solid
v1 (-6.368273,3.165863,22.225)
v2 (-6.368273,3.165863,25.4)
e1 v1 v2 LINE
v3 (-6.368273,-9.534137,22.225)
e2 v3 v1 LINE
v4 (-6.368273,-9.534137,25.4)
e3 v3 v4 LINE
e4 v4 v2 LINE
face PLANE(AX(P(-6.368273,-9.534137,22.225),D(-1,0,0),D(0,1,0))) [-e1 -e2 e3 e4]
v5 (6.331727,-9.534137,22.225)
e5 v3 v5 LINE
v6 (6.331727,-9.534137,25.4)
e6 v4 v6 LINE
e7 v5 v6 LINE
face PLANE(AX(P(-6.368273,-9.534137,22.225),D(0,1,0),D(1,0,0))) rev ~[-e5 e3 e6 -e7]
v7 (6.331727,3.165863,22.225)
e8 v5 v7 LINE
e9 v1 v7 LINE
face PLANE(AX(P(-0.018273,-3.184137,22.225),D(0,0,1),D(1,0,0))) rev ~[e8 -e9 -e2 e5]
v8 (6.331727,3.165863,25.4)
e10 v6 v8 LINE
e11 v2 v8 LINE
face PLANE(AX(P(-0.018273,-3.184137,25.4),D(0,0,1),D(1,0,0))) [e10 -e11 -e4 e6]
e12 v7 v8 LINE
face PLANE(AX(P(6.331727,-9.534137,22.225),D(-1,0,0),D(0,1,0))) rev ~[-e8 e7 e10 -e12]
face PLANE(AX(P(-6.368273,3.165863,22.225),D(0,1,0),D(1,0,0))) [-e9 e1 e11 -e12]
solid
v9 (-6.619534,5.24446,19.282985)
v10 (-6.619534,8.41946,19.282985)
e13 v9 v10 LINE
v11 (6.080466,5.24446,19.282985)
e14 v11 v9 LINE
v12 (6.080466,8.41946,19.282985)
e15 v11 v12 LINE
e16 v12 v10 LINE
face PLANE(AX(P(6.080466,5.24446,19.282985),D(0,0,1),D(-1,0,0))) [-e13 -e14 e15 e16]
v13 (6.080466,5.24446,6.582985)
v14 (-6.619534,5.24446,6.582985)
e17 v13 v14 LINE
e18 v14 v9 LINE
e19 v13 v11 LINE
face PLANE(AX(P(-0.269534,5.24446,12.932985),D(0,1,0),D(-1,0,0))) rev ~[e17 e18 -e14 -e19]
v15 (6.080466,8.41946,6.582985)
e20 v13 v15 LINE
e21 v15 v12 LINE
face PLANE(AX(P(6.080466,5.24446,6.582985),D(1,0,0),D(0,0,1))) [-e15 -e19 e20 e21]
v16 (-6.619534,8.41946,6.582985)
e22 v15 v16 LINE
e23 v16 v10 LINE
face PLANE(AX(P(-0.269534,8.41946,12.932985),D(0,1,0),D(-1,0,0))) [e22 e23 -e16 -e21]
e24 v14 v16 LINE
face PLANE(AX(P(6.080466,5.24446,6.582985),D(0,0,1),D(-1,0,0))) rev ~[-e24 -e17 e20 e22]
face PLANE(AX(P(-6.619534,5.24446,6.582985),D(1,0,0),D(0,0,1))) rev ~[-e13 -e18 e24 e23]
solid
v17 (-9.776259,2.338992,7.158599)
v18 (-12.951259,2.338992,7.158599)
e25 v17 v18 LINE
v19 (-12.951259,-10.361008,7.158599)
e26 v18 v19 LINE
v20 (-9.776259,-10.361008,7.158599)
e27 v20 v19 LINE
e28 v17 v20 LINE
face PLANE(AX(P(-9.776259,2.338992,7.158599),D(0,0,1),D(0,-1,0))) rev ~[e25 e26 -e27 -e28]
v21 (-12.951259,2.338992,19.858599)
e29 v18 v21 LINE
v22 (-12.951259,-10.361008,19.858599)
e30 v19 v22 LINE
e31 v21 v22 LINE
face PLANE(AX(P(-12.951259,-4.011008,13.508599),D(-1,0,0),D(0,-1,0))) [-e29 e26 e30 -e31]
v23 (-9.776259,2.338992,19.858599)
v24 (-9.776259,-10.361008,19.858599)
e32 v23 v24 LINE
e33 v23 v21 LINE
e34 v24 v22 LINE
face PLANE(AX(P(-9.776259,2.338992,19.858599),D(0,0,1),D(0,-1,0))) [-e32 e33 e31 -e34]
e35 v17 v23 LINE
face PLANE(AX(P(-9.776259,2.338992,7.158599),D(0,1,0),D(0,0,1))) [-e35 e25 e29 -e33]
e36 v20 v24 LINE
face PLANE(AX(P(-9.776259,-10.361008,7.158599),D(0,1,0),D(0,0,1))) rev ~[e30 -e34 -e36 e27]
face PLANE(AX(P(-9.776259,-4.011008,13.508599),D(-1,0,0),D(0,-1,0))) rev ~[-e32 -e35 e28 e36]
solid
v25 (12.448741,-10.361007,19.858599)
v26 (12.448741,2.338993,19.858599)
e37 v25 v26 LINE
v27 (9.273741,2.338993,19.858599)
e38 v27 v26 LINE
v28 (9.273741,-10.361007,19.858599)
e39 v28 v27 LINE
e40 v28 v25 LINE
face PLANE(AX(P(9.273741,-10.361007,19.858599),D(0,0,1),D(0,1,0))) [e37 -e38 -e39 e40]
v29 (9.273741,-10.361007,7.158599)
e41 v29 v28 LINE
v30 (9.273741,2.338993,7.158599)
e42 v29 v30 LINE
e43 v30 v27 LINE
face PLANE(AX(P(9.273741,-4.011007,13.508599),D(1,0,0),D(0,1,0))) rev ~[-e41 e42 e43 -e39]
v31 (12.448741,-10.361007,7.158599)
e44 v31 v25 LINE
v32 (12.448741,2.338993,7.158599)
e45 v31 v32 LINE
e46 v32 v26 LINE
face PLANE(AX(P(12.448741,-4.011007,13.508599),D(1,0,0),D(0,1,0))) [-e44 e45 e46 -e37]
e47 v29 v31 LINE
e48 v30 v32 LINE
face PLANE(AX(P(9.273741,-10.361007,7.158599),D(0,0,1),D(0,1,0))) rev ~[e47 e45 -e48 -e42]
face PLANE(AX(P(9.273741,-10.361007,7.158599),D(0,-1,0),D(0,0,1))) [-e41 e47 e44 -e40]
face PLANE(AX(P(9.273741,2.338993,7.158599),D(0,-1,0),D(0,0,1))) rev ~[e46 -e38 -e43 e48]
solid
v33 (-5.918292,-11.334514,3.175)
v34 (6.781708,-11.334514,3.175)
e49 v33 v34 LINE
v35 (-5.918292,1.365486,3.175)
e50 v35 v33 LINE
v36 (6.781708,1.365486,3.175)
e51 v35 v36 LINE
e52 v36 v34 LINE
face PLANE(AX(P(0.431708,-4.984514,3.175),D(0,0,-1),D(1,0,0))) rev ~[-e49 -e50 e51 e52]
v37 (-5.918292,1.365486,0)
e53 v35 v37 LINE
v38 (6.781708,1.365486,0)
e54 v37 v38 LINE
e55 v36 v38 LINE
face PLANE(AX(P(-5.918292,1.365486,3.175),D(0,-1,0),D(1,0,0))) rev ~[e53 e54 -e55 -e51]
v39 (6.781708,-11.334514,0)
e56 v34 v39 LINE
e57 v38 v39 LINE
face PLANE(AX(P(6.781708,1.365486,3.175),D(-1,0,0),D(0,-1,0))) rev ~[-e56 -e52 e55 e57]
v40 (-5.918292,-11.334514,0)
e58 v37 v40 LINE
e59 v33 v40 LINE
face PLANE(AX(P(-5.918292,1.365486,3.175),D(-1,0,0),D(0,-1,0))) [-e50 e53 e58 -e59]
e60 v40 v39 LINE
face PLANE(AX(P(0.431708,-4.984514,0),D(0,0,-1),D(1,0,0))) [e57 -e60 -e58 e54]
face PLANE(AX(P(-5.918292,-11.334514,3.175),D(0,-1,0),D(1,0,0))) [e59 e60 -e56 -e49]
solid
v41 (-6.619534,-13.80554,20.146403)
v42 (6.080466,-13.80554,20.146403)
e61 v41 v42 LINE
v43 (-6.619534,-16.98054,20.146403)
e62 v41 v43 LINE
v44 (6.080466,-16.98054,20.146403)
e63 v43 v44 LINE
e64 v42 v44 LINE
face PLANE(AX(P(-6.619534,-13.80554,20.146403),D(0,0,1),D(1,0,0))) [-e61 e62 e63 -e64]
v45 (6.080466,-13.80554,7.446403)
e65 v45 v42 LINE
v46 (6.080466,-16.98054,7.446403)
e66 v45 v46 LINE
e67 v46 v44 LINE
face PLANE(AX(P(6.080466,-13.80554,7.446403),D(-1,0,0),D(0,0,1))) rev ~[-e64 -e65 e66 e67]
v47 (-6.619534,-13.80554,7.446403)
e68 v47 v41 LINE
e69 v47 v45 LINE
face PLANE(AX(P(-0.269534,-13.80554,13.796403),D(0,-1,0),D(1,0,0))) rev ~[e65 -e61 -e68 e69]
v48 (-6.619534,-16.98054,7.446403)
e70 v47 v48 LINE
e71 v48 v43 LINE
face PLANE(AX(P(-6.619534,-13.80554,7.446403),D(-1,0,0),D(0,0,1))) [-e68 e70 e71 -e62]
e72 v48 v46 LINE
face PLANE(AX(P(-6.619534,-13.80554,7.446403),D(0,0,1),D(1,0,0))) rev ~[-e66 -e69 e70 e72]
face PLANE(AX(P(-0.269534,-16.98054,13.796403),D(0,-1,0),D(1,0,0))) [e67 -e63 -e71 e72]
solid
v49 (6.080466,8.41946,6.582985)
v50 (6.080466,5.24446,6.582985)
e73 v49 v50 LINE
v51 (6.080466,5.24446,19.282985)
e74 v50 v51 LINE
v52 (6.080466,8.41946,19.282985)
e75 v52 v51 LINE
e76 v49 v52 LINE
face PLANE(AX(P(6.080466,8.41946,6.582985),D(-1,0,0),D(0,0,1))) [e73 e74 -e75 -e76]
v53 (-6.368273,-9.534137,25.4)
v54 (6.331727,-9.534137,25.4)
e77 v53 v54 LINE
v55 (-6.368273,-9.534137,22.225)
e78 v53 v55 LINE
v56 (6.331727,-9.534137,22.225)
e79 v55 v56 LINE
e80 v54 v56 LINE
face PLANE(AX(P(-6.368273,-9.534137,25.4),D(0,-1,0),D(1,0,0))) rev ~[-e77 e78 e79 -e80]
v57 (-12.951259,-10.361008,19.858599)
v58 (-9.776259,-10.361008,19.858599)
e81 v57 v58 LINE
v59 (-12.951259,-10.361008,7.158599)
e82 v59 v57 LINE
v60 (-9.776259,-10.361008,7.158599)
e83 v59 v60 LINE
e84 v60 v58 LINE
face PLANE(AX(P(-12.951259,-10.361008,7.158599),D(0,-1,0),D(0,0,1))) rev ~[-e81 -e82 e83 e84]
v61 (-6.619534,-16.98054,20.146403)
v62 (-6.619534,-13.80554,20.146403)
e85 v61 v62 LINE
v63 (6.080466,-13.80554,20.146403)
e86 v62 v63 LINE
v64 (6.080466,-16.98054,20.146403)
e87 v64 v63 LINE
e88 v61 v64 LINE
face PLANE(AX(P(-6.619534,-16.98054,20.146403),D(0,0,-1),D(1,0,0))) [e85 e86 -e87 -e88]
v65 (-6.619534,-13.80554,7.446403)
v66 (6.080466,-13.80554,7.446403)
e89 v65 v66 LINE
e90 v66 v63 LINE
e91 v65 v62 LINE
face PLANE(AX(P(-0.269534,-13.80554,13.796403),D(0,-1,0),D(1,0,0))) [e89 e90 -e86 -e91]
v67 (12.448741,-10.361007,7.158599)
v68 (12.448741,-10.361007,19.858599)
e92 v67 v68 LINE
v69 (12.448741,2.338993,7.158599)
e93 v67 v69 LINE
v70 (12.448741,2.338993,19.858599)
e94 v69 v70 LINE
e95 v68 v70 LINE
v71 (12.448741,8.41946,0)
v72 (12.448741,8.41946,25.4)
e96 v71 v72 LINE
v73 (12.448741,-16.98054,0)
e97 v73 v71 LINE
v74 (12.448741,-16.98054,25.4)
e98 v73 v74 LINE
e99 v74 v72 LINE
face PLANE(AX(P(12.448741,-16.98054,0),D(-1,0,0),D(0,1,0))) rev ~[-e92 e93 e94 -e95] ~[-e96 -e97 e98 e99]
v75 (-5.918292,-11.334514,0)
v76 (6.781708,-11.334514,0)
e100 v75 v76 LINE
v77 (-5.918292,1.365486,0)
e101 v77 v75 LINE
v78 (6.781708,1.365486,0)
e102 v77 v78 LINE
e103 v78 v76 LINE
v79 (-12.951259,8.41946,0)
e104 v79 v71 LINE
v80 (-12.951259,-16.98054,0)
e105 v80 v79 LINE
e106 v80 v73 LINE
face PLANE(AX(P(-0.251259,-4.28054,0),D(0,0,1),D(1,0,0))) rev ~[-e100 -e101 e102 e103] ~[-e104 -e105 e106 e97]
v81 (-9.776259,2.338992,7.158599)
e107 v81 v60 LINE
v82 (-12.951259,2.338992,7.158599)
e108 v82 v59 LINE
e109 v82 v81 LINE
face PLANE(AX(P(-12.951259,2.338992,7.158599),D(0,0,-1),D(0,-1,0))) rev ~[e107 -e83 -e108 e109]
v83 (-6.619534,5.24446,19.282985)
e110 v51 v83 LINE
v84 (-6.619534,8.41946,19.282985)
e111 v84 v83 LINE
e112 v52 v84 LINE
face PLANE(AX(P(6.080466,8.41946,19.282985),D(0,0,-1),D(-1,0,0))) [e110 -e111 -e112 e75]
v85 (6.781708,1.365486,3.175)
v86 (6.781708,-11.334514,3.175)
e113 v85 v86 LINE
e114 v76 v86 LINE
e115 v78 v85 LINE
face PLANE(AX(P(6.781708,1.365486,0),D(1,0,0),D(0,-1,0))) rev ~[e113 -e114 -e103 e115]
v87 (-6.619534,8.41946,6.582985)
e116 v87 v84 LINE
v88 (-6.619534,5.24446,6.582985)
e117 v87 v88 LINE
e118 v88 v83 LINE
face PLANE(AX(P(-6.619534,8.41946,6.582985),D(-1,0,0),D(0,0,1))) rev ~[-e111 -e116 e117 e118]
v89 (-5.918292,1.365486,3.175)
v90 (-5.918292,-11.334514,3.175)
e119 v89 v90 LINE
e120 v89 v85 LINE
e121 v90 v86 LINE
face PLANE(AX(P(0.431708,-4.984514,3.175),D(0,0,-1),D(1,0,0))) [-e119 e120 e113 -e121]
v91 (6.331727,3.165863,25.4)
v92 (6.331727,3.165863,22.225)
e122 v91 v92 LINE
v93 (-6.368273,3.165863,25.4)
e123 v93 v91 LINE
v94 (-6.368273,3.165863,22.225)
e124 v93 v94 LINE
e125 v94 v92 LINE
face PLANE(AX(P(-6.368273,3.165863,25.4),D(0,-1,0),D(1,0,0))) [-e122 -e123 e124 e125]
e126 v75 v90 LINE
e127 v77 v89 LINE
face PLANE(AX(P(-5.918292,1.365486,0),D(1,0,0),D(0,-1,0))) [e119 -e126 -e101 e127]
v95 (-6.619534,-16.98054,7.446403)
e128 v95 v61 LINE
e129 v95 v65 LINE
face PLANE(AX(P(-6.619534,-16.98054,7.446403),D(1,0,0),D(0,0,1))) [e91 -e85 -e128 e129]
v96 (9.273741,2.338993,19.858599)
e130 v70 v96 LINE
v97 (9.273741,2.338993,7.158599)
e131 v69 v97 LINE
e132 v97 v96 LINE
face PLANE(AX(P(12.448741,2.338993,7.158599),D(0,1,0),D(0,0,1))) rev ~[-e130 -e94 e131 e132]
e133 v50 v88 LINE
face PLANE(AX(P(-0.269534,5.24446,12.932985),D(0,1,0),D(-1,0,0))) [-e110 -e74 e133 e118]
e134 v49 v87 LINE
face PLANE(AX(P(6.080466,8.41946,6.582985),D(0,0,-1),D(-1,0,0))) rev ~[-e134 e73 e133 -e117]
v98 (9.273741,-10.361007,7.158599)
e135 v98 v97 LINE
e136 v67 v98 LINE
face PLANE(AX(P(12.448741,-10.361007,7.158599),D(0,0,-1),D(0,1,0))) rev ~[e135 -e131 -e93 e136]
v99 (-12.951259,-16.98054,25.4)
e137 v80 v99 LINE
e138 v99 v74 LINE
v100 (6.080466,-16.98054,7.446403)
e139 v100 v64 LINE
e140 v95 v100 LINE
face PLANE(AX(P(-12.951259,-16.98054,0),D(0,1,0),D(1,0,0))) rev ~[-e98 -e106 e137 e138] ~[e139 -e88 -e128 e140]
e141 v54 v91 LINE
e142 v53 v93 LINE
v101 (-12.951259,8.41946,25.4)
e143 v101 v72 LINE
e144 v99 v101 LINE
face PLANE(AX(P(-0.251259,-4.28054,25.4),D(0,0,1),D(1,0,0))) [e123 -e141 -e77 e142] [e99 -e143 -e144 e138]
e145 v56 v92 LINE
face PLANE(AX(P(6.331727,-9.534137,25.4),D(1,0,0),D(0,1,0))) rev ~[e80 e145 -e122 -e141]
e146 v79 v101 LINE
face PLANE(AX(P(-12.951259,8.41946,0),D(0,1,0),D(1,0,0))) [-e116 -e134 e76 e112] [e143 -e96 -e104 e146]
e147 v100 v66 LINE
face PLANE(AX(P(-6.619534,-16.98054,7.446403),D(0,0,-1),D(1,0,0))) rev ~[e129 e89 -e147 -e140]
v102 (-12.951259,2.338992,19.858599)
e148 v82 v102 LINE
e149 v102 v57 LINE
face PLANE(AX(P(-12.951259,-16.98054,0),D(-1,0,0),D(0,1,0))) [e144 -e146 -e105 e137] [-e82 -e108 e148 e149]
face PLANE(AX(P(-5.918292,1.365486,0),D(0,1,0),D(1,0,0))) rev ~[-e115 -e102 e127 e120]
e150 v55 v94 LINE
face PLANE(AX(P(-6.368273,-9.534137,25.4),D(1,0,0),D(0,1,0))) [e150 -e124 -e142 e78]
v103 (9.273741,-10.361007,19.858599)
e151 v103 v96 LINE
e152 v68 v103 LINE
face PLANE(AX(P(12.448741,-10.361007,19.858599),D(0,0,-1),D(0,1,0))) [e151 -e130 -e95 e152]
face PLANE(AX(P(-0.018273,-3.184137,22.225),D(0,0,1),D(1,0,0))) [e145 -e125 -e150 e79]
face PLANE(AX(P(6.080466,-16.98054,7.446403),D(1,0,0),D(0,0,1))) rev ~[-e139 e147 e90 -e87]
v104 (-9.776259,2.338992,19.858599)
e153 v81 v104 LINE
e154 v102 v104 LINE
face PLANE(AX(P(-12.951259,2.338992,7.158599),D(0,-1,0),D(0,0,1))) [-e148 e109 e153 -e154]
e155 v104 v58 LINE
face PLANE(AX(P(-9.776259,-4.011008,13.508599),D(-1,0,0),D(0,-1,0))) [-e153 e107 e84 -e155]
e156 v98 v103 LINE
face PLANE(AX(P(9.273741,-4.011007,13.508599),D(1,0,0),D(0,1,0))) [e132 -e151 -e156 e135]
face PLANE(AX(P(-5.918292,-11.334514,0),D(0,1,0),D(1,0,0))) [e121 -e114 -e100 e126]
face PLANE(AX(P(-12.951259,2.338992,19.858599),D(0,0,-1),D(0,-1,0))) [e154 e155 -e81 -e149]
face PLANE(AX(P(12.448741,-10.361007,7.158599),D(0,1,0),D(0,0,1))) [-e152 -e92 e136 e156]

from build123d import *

# Parameters (mm, degrees)
F0_W      = 25.4
F0_H      = 25.4
F1_DEPTH  = 25.4
F2_W      = 12.7
F2_H      = 12.7
F3_DEPTH  = 3.175
F4_W      = 12.7
F4_H      = 12.7
F5_DEPTH  = 3.175
F6_W      = 12.7
F6_H      = 12.7
F7_DEPTH  = 3.175
F8_W      = 12.7
F8_H      = 12.7
F9_DEPTH  = 3.175
F10_W     = 12.7
F10_H     = 12.7
F11_DEPTH = 3.175
F12_W     = 12.7
F12_H     = 12.7
F13_DEPTH = 3.175
F14_W     = 12.7
F14_H     = 12.7
F15_DEPTH = 3.175
F16_W     = 12.7
F16_H     = 12.7
F17_DEPTH = 3.175
F18_W     = 12.7
F18_H     = 12.7
F19_DEPTH = 3.175
F20_W     = 12.7
F20_H     = 12.7
F21_DEPTH = 3.175
F22_W     = 12.7
F22_H     = 12.7
F23_DEPTH = 3.175
F24_W     = 12.7
F24_H     = 12.7
F25_DEPTH = 3.175


with BuildPart() as f1:
    # F0 (on Top) → F1 (new body)
    with BuildSketch(Plane.XY):
        with Locations((-0.25125857, -4.2805400074)):
            Rectangle(F0_W, F0_H)
    extrude(amount=F1_DEPTH)

    # F2 (on face) → F3 (cut)
    with BuildSketch(Plane.XZ.offset(16.9805400074)):
        with Locations((-0.2695335239, 13.7964034617)):
            Rectangle(F2_W, F2_H)
    extrude(amount=-F3_DEPTH, mode=Mode.SUBTRACT)

    # F4 (on face) → F5 (cut)
    with BuildSketch(Plane(origin=(-12.95125857, 0, 0), x_dir=(0, -1, 0), z_dir=(-1, 0, 0))):
        with Locations((4.0110082667, 13.5085987091)):
            Rectangle(F4_W, F4_H)
    extrude(amount=-F5_DEPTH, mode=Mode.SUBTRACT)

    # F6 (on face) → F7 (cut)
    with BuildSketch(Plane(origin=(0, 8.4194599926, 0), x_dir=(-1, 0, 0), z_dir=(0, 1, 0))):
        with Locations((0.2695341431, 12.9329854786)):
            Rectangle(F6_W, F6_H)
    extrude(amount=-F7_DEPTH, mode=Mode.SUBTRACT)

    # F8 (on face) → F9 (cut)
    with BuildSketch(Plane.YZ.offset(12.44874143)):
        with Locations((-4.0110074148, 13.5085987091)):
            Rectangle(F8_W, F8_H)
    extrude(amount=-F9_DEPTH, mode=Mode.SUBTRACT)

    # F10 (on face) → F11 (cut)
    with BuildSketch(Plane.XY.offset(25.4)):
        with Locations((-0.0182730913, -3.1841365457)):
            Rectangle(F10_W, F10_H)
    extrude(amount=-F11_DEPTH, mode=Mode.SUBTRACT)

    # F12 (on face) → F13 (cut)
    with BuildSketch(Plane(origin=(0, 0, 0), x_dir=(1, 0, 0), z_dir=(0, 0, -1))):
        with Locations((0.4317080602, 4.9845139546)):
            Rectangle(F12_W, F12_H)
    extrude(amount=-F13_DEPTH, mode=Mode.SUBTRACT)


with BuildPart() as f15:
    # F14 (on face) → F15 (new body)
    with BuildSketch(Plane.XY.offset(22.225)):
        with Locations((-0.0182730913, -3.1841365457)):
            Rectangle(F14_W, F14_H)
    extrude(amount=F15_DEPTH)


with BuildPart() as f17:
    # F16 (on face) → F17 (new body)
    with BuildSketch(Plane(origin=(0, 5.2444599926, 0), x_dir=(-1, 0, 0), z_dir=(0, 1, 0))):
        with Locations((0.2695341431, 12.9329854786)):
            Rectangle(F16_W, F16_H)
    extrude(amount=F17_DEPTH)


with BuildPart() as f19:
    # F18 (on face) → F19 (new body)
    with BuildSketch(Plane(origin=(-9.77625857, 0, 0), x_dir=(0, -1, 0), z_dir=(-1, 0, 0))):
        with Locations((4.0110082667, 13.5085987091)):
            Rectangle(F18_W, F18_H)
    extrude(amount=F19_DEPTH)


with BuildPart() as f21:
    # F20 (on face) → F21 (new body)
    with BuildSketch(Plane.YZ.offset(9.27374143)):
        with Locations((-4.0110074148, 13.5085987091)):
            Rectangle(F20_W, F20_H)
    extrude(amount=F21_DEPTH)


with BuildPart() as f23:
    # F22 (on face) → F23 (new body)
    with BuildSketch(Plane.XZ.offset(13.8055400074)):
        with Locations((-0.2695335239, 13.7964034617)):
            Rectangle(F22_W, F22_H)
    extrude(amount=F23_DEPTH)


with BuildPart() as f25:
    # F24 (on face) → F25 (new body)
    with BuildSketch(Plane(origin=(0, 0, 3.175), x_dir=(1, 0, 0), z_dir=(0, 0, -1))):
        with Locations((0.4317080602, 4.9845139546)):
            Rectangle(F24_W, F24_H)
    extrude(amount=F25_DEPTH)


solid = Compound([f1.part, f15.part, f17.part, f19.part, f21.part, f23.part, f25.part])
